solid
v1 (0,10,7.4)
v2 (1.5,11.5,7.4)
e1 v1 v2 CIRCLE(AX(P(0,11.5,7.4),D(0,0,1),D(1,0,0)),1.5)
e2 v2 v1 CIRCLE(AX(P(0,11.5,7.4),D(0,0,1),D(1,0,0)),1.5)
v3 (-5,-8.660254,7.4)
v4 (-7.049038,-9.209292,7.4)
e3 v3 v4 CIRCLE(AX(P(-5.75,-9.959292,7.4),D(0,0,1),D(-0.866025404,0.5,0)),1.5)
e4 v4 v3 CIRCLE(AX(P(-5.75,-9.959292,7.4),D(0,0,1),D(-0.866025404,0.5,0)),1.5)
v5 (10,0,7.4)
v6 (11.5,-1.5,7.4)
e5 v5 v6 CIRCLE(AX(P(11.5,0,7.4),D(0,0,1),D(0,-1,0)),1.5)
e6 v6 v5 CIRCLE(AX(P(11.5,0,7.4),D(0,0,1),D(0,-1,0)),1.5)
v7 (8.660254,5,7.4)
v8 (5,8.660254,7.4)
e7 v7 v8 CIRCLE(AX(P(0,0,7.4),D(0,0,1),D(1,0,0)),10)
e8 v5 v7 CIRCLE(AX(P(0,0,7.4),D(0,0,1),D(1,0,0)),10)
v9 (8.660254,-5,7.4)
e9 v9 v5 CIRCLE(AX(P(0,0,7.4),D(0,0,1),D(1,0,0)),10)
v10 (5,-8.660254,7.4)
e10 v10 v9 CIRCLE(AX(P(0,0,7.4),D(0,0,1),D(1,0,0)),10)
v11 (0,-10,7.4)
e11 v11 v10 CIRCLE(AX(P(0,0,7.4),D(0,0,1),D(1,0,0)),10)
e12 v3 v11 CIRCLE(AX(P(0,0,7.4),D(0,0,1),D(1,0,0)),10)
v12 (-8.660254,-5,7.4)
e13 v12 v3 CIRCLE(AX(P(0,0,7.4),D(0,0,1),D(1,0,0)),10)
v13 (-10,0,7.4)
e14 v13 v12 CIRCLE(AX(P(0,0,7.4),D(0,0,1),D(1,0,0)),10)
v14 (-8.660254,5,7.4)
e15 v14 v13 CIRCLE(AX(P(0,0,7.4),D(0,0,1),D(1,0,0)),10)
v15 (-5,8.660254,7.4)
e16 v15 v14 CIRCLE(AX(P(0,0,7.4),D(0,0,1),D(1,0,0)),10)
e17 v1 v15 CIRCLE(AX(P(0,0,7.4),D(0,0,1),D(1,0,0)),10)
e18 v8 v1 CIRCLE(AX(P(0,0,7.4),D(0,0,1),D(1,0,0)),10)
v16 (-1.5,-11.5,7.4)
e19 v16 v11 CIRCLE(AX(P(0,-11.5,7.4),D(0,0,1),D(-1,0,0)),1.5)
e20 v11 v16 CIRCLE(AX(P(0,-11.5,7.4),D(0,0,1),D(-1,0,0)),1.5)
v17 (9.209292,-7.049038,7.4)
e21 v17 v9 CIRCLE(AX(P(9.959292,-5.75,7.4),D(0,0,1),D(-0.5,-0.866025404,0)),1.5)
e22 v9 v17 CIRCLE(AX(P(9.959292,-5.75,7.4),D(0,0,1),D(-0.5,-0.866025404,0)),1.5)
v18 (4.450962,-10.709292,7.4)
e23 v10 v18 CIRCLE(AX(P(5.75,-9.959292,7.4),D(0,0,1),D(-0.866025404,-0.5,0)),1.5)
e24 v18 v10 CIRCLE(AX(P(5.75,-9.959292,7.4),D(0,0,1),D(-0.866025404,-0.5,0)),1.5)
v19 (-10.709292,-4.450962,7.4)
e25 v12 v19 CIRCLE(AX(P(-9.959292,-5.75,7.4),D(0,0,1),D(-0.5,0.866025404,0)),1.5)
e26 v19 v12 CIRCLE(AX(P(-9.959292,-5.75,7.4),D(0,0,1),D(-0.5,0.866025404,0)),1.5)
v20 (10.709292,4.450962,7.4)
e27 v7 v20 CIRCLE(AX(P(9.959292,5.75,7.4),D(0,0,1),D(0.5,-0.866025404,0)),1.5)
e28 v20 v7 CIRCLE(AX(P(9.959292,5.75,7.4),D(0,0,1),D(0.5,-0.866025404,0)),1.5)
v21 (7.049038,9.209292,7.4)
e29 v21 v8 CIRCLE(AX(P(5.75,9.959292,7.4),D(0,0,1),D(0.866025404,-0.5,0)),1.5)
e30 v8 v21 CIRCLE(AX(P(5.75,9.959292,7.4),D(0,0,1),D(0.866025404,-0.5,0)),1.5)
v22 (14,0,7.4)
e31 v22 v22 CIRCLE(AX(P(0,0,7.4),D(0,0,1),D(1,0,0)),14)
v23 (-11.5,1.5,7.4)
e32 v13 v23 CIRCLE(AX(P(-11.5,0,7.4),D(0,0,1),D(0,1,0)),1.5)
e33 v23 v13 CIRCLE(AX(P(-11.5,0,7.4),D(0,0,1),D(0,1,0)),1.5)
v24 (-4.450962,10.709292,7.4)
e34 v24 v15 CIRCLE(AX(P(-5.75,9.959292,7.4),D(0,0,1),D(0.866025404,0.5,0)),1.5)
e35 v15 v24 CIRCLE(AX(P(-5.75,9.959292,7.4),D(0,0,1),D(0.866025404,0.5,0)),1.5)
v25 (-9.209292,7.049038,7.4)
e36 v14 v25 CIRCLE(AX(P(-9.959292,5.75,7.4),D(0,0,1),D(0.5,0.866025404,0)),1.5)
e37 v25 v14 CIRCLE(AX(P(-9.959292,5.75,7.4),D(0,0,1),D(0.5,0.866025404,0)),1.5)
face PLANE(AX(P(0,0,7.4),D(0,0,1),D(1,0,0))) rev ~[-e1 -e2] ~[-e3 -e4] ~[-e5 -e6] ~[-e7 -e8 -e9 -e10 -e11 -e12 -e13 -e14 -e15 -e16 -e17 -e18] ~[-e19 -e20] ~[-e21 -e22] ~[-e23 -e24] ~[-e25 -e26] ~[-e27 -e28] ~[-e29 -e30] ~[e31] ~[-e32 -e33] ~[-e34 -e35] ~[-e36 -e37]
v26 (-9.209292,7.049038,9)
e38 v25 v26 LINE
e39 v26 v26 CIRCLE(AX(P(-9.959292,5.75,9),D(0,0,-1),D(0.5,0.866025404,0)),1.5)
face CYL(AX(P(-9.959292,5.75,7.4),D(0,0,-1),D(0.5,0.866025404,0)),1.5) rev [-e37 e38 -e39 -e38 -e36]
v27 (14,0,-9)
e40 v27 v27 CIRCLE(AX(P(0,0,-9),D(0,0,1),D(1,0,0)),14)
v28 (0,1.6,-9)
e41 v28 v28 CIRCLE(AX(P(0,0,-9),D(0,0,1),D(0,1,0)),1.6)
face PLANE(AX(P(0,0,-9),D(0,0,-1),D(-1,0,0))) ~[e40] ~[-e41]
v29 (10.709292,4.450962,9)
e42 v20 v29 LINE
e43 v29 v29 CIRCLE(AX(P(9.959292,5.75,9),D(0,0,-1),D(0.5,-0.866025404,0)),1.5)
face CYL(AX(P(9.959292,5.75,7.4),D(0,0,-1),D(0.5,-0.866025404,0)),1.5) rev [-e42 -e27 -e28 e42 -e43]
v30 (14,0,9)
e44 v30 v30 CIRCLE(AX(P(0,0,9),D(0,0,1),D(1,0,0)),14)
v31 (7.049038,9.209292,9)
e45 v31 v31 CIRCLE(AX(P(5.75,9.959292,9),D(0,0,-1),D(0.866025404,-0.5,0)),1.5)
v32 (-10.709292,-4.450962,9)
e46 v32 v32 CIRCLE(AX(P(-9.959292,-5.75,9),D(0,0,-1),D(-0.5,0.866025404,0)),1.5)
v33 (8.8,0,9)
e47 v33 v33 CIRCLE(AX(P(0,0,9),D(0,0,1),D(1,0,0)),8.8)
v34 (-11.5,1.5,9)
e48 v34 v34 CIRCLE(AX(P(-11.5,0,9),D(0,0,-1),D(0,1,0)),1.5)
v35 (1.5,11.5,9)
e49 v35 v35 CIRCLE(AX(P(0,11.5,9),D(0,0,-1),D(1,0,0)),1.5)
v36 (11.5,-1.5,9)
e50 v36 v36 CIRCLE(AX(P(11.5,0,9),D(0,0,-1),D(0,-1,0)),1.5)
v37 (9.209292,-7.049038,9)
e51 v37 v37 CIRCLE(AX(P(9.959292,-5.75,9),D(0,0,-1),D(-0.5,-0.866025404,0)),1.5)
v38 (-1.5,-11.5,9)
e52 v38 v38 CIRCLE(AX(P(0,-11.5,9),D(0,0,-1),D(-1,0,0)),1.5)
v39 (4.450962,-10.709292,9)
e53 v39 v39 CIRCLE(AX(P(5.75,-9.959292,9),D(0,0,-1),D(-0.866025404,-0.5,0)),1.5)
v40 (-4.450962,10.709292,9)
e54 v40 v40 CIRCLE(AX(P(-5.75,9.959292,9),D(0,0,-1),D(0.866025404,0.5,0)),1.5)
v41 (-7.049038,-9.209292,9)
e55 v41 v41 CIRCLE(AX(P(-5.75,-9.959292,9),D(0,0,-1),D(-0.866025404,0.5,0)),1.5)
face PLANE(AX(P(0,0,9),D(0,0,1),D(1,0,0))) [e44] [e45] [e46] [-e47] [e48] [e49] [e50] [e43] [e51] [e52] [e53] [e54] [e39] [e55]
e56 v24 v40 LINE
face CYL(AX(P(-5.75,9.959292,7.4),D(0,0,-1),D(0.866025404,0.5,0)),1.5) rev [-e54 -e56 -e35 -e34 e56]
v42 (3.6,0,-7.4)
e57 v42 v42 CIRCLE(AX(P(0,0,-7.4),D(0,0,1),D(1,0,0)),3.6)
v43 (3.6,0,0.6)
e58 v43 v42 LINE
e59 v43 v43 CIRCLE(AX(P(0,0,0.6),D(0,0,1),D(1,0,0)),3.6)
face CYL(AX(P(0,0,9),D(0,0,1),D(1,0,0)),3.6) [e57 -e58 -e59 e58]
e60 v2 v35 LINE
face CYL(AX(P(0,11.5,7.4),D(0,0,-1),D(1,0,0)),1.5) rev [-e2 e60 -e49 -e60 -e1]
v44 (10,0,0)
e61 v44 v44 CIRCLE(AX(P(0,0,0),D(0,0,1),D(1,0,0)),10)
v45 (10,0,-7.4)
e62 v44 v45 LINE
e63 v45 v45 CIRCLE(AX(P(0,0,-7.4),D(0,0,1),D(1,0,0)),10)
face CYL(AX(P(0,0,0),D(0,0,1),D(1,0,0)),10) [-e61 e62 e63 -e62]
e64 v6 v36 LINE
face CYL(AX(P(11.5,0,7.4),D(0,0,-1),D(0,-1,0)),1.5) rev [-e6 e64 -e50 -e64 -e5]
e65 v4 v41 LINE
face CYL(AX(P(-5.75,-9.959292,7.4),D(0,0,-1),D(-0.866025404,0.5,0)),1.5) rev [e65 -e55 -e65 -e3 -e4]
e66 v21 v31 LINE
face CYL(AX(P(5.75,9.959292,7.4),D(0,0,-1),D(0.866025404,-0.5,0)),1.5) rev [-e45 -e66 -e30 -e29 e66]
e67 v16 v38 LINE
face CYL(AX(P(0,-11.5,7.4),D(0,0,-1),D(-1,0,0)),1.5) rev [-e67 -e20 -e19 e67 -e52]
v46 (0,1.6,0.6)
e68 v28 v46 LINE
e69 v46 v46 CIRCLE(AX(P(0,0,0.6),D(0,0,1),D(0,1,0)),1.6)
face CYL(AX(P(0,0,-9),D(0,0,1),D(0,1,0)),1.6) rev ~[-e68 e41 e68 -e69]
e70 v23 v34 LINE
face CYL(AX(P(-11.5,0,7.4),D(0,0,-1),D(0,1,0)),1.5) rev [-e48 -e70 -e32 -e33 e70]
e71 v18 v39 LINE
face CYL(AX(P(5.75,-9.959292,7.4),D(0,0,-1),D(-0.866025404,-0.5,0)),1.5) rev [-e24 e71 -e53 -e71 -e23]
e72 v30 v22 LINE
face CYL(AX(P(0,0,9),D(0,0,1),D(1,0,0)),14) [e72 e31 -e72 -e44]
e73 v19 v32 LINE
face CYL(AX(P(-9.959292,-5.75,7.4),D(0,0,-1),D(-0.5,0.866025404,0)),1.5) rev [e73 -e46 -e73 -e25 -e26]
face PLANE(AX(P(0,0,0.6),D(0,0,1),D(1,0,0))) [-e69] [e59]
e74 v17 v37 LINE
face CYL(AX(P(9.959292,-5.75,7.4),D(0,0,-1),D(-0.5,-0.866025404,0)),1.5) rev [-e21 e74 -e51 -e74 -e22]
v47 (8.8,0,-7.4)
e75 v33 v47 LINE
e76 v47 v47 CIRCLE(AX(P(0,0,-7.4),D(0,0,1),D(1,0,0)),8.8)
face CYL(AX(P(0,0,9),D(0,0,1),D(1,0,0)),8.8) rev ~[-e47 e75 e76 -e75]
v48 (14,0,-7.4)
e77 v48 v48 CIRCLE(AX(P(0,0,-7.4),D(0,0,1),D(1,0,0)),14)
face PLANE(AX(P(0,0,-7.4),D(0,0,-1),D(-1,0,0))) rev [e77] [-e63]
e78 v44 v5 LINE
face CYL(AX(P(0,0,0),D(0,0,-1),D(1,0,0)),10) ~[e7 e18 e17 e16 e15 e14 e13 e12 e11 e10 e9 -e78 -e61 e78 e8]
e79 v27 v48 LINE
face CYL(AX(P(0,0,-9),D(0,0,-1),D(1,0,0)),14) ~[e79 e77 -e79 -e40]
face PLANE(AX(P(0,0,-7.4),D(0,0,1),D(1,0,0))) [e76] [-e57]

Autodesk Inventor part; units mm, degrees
ref_plane "YZ Plane" through (0, 0, 0) normal (1, 0, 0) x (0, 1, 0)
ref_plane "XZ Plane" through (0, 0, 0) normal (0, 1, 0) x (-1, 0, 0)
ref_plane "XY Plane" through (0, 0, 0) normal (0, 0, 1) x (1, 0, 0)
sketch "Sketch1" plane through (0, 0, 0) normal (0, 0, 1) x (1, 0, 0)
  circle A0 centre (0, 0) radius 10
  dimension "d0" = 20
extrude "Extrusion1" add sketch "Sketch1" along normal mid plane 18
sketch "Sketch2" plane through (0, 0, -9) normal (0, 0, -1) x (-1, 0, 0)
  point P0 (0, 0)
hole "Hole1" at (0, 0, -9) direction (0, 0, 1) diameter 3.2 end through all clearance for "Flat Head Machine Screw" size "M3" standard "Ansi Metric M Profile"
sketch "Sketch3" plane through (0, 0, 9) normal (0, 0, 1) x (1, 0, 0)
  circle A0 centre (0, 0) radius 14
  circle A1 centre (0, 0) radius 10 projected
  dimension "d10" = 28
extrude "Extrusion2" add sketch "Sketch3" against normal blind 1.6
mirror "Mirror1" about plane through (0, 0, 0) normal (0, 0, 1) of "Extrusion2"
sketch "Sketch4" plane through (0, 0, 9) normal (0, 0, 1) x (1, 0, 0)
  circle A0 centre (0, 0) radius 10 projected
  circle A1 centre (0, 0) radius 10 projected
  circle A2 centre (0, 0) radius 1.6 projected
  circle A3 centre (0, 0) radius 8.8
  circle A4 centre (0, 0) radius 3.6
  dimension "d13" = 1.2
  dimension "d14" = 2
extrude "Extrusion3" cut sketch "Sketch4" against normal up to surface (16.4 mm away) contours A3
sketch "Sketch5" plane through (0, 0, 9) normal (0, 0, 1) x (1, 0, 0)
  circle A0 centre (0, 0) radius 3.6 projected
extrude "Extrusion4" cut sketch "Sketch5" against normal blind 8.4
sketch "Sketch8" plane through (0, 0, 7.4) normal (0, 0, 1) x (1, 0, 0)
  line L0 (0, -19.6) -> (0, 19.6) projected
  circle A0 centre (0, 0) radius 10 projected
  circle A1 centre (0, 11.5) radius 1.5
  dimension "d36" = 3
extrude "Extrusion6" cut sketch "Sketch8" along normal through all contours A1 L0 | L0 A1
pattern_circular "Circular Pattern1" count 12 over 360 about axis through (0, 0, -10) along (0, 0, 1) of "Extrusion6"
properties part number "SpoolTraditionalMachining"
